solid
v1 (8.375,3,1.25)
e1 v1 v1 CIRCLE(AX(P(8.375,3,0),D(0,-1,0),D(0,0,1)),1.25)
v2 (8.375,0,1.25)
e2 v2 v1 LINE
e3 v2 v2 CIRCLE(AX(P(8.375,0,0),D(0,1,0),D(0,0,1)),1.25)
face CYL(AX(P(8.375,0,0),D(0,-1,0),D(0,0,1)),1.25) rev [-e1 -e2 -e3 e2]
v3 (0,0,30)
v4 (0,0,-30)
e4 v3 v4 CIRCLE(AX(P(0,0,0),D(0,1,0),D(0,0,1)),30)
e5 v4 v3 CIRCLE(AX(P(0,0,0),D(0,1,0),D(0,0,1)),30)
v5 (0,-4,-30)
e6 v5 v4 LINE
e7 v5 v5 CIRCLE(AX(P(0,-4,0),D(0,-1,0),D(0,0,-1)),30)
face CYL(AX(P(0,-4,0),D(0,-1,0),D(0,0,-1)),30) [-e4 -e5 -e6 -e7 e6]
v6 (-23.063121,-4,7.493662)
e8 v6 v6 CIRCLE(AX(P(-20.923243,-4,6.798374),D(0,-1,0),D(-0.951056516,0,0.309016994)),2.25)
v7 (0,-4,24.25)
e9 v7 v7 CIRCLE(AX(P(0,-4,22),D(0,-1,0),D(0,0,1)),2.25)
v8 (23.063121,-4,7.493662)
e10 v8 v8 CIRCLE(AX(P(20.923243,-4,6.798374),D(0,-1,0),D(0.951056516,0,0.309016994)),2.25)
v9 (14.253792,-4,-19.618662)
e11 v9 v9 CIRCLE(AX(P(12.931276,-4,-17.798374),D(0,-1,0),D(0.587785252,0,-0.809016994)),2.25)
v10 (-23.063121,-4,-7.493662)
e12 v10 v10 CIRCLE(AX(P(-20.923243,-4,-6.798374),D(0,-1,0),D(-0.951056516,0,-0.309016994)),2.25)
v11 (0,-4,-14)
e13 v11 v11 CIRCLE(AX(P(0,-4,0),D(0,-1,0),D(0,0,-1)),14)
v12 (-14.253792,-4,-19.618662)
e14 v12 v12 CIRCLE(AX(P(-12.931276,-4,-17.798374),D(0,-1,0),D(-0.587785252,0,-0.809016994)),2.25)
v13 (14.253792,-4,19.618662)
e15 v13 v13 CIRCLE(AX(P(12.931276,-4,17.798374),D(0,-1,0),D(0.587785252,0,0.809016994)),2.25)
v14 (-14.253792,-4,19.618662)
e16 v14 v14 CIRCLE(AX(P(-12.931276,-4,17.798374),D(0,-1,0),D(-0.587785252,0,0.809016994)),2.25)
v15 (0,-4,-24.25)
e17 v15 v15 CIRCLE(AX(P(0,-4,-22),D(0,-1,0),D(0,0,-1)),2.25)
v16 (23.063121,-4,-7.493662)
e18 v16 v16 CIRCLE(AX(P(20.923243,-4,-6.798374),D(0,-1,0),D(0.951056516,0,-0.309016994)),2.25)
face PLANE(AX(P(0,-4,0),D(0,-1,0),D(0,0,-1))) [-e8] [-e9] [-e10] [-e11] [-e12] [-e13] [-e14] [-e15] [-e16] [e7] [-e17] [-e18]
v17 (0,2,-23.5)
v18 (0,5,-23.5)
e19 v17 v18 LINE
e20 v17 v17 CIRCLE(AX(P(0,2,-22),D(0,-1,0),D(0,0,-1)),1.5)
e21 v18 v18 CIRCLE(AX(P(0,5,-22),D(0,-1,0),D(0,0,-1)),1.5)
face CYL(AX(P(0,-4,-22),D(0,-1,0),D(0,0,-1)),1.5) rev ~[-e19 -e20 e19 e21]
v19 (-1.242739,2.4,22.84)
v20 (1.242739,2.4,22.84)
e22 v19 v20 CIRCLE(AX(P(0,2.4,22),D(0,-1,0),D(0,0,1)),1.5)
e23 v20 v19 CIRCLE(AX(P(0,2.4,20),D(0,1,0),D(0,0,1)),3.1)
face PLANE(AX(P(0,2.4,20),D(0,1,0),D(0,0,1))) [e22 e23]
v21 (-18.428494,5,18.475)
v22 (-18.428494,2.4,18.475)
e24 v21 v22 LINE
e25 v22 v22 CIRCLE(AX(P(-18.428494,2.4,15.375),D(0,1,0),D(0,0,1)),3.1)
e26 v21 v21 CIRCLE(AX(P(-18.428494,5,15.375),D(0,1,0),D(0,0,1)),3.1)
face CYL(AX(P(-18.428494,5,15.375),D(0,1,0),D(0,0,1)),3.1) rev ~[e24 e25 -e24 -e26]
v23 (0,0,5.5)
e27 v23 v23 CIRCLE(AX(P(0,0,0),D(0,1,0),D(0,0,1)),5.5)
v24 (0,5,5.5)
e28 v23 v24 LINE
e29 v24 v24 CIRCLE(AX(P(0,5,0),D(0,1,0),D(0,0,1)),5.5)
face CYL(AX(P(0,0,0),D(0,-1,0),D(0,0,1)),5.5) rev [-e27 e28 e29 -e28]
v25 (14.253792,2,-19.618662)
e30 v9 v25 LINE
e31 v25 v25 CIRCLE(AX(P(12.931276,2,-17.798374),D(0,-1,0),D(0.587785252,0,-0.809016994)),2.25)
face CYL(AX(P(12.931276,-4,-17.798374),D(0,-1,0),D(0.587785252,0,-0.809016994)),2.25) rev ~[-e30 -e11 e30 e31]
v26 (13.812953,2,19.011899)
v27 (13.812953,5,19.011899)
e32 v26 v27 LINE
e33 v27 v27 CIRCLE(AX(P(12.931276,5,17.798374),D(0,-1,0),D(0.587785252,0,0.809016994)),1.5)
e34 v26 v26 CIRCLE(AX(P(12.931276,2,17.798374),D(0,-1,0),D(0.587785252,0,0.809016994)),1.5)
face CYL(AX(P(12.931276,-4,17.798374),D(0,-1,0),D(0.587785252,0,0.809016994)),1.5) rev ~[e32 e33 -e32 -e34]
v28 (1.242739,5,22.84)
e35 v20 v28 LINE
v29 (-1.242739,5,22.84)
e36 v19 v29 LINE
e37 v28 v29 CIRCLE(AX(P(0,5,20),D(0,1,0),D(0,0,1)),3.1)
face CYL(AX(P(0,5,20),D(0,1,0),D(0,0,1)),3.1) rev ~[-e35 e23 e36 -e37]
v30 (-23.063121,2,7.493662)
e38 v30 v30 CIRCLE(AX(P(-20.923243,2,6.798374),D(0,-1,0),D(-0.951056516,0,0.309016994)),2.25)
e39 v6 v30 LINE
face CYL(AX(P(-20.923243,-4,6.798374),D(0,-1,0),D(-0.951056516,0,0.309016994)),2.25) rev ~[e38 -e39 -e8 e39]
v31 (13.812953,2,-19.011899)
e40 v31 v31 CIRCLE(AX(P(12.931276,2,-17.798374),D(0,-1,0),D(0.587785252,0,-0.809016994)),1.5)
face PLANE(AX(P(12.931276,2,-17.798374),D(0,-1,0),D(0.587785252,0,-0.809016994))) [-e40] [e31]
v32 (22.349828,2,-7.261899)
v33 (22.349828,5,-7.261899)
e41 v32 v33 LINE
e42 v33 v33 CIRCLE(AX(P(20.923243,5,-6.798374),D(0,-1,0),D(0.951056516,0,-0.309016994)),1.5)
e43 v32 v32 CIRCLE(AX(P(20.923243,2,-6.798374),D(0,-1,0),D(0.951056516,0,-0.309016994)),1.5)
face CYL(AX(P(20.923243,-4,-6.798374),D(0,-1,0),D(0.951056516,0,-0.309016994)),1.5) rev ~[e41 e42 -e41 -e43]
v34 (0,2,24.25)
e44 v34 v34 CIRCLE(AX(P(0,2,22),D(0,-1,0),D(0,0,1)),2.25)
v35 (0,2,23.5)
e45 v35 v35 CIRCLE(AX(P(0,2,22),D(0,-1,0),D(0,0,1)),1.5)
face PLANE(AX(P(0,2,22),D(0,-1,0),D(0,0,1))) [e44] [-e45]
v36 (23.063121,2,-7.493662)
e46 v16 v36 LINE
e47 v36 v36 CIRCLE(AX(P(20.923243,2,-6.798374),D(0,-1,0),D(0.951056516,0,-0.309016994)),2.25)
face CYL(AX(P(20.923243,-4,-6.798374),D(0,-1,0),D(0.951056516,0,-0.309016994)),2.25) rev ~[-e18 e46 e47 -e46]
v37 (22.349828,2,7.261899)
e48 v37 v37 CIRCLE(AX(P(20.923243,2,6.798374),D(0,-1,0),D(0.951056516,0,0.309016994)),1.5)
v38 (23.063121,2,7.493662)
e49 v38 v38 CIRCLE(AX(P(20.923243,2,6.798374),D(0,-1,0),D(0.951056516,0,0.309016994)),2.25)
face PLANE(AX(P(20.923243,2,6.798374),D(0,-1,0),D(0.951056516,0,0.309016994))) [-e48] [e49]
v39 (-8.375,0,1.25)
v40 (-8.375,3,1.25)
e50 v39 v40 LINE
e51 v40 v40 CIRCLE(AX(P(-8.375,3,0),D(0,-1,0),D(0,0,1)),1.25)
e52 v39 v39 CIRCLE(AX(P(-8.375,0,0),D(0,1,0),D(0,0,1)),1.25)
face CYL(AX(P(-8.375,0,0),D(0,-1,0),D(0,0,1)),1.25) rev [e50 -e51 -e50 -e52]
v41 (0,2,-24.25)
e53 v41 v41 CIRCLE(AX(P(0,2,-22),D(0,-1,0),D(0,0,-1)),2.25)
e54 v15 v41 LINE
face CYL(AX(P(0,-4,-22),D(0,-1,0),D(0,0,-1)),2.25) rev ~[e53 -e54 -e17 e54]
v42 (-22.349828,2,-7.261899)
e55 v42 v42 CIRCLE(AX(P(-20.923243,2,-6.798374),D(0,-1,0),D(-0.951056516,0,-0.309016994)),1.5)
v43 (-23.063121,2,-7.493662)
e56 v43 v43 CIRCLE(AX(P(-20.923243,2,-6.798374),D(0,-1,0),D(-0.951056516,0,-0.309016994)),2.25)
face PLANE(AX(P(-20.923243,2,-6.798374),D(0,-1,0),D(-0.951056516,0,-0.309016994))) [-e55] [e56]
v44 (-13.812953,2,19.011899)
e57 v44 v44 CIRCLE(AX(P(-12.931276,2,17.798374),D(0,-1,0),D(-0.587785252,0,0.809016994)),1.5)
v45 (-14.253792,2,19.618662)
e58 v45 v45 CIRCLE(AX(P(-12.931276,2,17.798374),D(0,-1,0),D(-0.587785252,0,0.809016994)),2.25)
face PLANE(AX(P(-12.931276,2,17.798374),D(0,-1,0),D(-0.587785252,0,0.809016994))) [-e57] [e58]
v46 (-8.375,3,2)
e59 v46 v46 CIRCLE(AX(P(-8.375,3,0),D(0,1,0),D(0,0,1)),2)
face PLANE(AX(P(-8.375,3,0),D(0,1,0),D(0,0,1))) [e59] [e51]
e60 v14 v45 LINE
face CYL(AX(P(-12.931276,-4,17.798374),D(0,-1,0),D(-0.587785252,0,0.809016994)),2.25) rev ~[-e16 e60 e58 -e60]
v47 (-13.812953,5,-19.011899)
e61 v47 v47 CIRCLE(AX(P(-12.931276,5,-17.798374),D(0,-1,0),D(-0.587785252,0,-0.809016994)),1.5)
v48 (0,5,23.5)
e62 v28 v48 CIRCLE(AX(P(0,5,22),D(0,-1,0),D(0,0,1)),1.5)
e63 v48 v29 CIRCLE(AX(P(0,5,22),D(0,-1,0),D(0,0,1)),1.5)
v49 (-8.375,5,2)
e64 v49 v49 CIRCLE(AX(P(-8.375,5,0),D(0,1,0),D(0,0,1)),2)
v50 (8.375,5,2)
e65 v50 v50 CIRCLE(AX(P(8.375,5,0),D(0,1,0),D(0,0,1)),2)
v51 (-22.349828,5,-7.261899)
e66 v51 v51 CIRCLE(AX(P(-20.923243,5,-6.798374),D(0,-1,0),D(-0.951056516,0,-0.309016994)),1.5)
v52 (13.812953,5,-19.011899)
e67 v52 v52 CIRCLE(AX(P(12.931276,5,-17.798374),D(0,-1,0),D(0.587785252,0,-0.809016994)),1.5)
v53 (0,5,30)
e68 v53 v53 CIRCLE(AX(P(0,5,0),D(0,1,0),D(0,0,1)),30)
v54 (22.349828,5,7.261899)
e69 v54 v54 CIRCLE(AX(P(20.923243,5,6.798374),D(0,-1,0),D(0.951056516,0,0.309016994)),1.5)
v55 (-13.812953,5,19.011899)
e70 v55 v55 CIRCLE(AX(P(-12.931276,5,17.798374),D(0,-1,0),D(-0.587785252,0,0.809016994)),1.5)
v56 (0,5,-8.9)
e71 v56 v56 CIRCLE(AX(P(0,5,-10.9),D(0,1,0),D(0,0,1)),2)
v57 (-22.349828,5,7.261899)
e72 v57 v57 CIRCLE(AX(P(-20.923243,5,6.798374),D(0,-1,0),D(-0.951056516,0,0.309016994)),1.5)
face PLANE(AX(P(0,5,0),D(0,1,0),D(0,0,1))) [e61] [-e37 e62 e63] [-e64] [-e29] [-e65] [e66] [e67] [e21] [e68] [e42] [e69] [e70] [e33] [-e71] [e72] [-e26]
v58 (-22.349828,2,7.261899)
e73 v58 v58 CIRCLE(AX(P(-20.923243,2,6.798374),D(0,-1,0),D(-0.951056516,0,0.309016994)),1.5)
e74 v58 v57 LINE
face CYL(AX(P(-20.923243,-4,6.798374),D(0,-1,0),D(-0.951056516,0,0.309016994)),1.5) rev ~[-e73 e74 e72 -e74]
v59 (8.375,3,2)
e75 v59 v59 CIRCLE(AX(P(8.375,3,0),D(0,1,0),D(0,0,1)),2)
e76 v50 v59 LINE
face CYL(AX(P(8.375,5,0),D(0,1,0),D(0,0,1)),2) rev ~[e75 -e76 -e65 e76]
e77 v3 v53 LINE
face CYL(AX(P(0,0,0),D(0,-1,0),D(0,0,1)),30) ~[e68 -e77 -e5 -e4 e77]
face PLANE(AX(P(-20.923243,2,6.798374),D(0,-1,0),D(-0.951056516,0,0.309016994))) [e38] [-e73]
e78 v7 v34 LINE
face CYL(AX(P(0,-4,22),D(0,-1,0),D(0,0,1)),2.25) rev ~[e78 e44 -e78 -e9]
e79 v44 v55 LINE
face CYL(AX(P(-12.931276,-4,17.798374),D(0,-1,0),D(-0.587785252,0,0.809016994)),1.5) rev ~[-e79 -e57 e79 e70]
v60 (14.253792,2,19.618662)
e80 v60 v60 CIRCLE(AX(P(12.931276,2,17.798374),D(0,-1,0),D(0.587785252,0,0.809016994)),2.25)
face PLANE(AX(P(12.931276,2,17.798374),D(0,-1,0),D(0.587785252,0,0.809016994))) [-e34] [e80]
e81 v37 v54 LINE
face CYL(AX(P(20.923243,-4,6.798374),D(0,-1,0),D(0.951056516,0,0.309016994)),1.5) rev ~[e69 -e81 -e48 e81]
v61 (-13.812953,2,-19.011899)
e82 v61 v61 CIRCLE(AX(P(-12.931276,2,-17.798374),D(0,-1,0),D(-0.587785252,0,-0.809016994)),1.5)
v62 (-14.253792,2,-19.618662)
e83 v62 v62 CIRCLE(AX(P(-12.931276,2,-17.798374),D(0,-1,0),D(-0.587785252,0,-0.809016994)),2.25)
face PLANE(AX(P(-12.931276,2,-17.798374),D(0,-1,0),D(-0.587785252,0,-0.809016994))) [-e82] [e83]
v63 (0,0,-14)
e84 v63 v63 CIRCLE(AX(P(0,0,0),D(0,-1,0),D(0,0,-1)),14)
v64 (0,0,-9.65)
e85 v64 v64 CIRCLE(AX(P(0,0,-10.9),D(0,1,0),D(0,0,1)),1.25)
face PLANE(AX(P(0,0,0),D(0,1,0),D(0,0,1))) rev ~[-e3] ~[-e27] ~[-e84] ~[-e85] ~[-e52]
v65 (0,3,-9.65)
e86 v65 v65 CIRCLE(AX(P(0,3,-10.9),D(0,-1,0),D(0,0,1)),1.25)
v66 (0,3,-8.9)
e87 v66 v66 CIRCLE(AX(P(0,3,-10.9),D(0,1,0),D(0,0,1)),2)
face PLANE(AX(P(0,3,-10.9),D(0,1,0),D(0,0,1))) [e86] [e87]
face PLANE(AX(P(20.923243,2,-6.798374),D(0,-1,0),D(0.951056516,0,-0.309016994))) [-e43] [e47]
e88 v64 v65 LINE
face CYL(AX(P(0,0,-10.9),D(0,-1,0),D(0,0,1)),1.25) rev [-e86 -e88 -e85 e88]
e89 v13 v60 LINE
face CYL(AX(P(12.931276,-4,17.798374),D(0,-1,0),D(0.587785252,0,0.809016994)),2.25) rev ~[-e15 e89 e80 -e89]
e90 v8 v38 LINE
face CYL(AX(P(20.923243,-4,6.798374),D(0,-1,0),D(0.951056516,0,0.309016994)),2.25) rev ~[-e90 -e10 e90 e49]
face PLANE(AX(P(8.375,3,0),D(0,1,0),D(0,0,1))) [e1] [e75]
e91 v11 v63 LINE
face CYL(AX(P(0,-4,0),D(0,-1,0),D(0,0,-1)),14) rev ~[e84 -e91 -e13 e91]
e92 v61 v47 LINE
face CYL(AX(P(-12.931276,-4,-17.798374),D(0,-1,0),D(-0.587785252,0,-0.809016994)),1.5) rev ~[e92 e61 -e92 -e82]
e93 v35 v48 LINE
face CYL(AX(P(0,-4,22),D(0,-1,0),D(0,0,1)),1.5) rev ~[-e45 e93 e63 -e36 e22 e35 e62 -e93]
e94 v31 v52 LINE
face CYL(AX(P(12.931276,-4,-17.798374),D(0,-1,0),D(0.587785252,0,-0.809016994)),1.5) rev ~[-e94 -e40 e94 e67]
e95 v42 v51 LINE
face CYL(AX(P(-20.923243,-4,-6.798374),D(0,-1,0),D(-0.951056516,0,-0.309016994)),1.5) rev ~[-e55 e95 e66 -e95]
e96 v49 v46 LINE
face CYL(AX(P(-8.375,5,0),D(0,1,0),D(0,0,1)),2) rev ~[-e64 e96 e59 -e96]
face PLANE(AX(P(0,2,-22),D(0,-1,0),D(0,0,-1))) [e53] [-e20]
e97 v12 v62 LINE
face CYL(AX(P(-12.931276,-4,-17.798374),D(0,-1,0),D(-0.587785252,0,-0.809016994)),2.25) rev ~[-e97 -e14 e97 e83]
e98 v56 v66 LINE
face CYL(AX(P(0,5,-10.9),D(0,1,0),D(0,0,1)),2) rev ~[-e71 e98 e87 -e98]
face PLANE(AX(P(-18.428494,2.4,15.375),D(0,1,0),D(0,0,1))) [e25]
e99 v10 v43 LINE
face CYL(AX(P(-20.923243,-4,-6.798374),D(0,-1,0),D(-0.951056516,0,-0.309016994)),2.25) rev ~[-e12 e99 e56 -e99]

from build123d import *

# Parameters (mm, degrees)
SKETCH_1_R               = 30
SKETCH_1_R_2             = 1.25
SKETCH_1_R_3             = 5.5
EXTRUDE_1_DEPTH          = 5
CUT_EXTRUDE_START        = 5
SKETCH_1_15_R            = 2
CUT_EXTRUDE_2_DEPTH      = 2
SKETCH_2_R               = 3.1
CUT_EXTRUDE_3_DEPTH      = 2.6
EXTRUDE_START            = 4
SKETCH_3_R               = 30
SKETCH_3_R_2             = 14
EXTRUDE_2_DEPTH          = 4
SKETCH_4_R               = 1.5
CUT_EXTRUDE_4_DEPTH      = 44.370496884
SKETCH_4_3_R             = 2.25
CUT_EXTRUDE_5_DEPTH      = 6
PATTERN_CIRCULAR_1_COUNT = 10


with BuildPart() as part:
    # 草图1 → 凸台-拉伸1 (new body)
    with BuildSketch(Plane(origin=(0, 0, 0), x_dir=(1, 0, 0), z_dir=(0, 1, 0))):
        with Locations(Location((0, 0, 0), (0, 0, 270))):
            Circle(SKETCH_1_R)
        with Locations(Location((-8.375, 0, 0), (0, 0, 270))):
            Circle(SKETCH_1_R_2, mode=Mode.SUBTRACT)
        with Locations(Location((8.375, 0, 0), (0, 0, 270))):
            Circle(SKETCH_1_R_2, mode=Mode.SUBTRACT)
        with Locations(Location((0, 10.9, 0), (0, 0, 270))):
            Circle(SKETCH_1_R_2, mode=Mode.SUBTRACT)
        with Locations(Location((0, 0, 0), (0, 0, 270))):
            Circle(SKETCH_1_R_3, mode=Mode.SUBTRACT)
    extrude(amount=EXTRUDE_1_DEPTH)

    # 草图1<15> → 切除-拉伸2 (cut)
    with BuildSketch(Plane(origin=(0, 0, 0), x_dir=(1, 0, 0), z_dir=(0, 1, 0)).offset(CUT_EXTRUDE_START)):
        with Locations(Location((-8.375, 0, 0), (0, 0, 270))):
            Circle(SKETCH_1_15_R)
        with Locations(Location((8.375, 0, 0), (0, 0, 270))):
            Circle(SKETCH_1_15_R)
        with Locations(Location((0, 10.9, 0), (0, 0, 270))):
            Circle(SKETCH_1_15_R)
    extrude(amount=-CUT_EXTRUDE_2_DEPTH, mode=Mode.SUBTRACT)

    # 草图2 → 切除-拉伸3 (cut)
    with BuildSketch(Plane(origin=(0, 5, 0), x_dir=(1, 0, 0), z_dir=(0, 1, 0))):
        with Locations(Location((0, -20, 0), (0, 0, 270))):
            Circle(SKETCH_2_R)
        with Locations(Location((-18.428493563, -15.375, 0), (0, 0, 270))):
            Circle(SKETCH_2_R)
    extrude(amount=-CUT_EXTRUDE_3_DEPTH, mode=Mode.SUBTRACT)

    # 草图3 → 凸台-拉伸2 (add)
    with BuildSketch(Plane.XZ.offset(EXTRUDE_START)):
        with Locations(Location((0, 0, 0), (0, 0, 270))):
            Circle(SKETCH_3_R)
        with Locations(Location((0, 0, 0), (0, 0, 270))):
            Circle(SKETCH_3_R_2, mode=Mode.SUBTRACT)
    extrude(amount=-EXTRUDE_2_DEPTH)

    # 草图4 → 切除-拉伸4 (cut, through all)
    with BuildSketch(Plane.XZ.offset(4)):
        with Locations(Location((0, -22, 0), (0, 0, 270))):
            Circle(SKETCH_4_R)
    cut_extrude_4 = extrude(amount=-CUT_EXTRUDE_4_DEPTH, mode=Mode.SUBTRACT)

    # 草图4<3> → 切除-拉伸5 (cut)
    with BuildSketch(Plane.XZ.offset(4)):
        with Locations(Location((0, -22, 0), (0, 0, 270))):
            Circle(SKETCH_4_3_R)
    cut_extrude_5 = extrude(amount=-CUT_EXTRUDE_5_DEPTH, mode=Mode.SUBTRACT)

    # 阵列(圆周)1: 切除-拉伸4, 切除-拉伸5 ×10 about axis
    pattern_circular_1_axis = Axis((0, 0, 0), (0, 1, 0))
    add([cut_extrude_4.rotate(pattern_circular_1_axis, i * 360 / PATTERN_CIRCULAR_1_COUNT) for i in range(1, PATTERN_CIRCULAR_1_COUNT)], mode=Mode.SUBTRACT)
    add([cut_extrude_5.rotate(pattern_circular_1_axis, i * 360 / PATTERN_CIRCULAR_1_COUNT) for i in range(1, PATTERN_CIRCULAR_1_COUNT)], mode=Mode.SUBTRACT)


solid = part.part
